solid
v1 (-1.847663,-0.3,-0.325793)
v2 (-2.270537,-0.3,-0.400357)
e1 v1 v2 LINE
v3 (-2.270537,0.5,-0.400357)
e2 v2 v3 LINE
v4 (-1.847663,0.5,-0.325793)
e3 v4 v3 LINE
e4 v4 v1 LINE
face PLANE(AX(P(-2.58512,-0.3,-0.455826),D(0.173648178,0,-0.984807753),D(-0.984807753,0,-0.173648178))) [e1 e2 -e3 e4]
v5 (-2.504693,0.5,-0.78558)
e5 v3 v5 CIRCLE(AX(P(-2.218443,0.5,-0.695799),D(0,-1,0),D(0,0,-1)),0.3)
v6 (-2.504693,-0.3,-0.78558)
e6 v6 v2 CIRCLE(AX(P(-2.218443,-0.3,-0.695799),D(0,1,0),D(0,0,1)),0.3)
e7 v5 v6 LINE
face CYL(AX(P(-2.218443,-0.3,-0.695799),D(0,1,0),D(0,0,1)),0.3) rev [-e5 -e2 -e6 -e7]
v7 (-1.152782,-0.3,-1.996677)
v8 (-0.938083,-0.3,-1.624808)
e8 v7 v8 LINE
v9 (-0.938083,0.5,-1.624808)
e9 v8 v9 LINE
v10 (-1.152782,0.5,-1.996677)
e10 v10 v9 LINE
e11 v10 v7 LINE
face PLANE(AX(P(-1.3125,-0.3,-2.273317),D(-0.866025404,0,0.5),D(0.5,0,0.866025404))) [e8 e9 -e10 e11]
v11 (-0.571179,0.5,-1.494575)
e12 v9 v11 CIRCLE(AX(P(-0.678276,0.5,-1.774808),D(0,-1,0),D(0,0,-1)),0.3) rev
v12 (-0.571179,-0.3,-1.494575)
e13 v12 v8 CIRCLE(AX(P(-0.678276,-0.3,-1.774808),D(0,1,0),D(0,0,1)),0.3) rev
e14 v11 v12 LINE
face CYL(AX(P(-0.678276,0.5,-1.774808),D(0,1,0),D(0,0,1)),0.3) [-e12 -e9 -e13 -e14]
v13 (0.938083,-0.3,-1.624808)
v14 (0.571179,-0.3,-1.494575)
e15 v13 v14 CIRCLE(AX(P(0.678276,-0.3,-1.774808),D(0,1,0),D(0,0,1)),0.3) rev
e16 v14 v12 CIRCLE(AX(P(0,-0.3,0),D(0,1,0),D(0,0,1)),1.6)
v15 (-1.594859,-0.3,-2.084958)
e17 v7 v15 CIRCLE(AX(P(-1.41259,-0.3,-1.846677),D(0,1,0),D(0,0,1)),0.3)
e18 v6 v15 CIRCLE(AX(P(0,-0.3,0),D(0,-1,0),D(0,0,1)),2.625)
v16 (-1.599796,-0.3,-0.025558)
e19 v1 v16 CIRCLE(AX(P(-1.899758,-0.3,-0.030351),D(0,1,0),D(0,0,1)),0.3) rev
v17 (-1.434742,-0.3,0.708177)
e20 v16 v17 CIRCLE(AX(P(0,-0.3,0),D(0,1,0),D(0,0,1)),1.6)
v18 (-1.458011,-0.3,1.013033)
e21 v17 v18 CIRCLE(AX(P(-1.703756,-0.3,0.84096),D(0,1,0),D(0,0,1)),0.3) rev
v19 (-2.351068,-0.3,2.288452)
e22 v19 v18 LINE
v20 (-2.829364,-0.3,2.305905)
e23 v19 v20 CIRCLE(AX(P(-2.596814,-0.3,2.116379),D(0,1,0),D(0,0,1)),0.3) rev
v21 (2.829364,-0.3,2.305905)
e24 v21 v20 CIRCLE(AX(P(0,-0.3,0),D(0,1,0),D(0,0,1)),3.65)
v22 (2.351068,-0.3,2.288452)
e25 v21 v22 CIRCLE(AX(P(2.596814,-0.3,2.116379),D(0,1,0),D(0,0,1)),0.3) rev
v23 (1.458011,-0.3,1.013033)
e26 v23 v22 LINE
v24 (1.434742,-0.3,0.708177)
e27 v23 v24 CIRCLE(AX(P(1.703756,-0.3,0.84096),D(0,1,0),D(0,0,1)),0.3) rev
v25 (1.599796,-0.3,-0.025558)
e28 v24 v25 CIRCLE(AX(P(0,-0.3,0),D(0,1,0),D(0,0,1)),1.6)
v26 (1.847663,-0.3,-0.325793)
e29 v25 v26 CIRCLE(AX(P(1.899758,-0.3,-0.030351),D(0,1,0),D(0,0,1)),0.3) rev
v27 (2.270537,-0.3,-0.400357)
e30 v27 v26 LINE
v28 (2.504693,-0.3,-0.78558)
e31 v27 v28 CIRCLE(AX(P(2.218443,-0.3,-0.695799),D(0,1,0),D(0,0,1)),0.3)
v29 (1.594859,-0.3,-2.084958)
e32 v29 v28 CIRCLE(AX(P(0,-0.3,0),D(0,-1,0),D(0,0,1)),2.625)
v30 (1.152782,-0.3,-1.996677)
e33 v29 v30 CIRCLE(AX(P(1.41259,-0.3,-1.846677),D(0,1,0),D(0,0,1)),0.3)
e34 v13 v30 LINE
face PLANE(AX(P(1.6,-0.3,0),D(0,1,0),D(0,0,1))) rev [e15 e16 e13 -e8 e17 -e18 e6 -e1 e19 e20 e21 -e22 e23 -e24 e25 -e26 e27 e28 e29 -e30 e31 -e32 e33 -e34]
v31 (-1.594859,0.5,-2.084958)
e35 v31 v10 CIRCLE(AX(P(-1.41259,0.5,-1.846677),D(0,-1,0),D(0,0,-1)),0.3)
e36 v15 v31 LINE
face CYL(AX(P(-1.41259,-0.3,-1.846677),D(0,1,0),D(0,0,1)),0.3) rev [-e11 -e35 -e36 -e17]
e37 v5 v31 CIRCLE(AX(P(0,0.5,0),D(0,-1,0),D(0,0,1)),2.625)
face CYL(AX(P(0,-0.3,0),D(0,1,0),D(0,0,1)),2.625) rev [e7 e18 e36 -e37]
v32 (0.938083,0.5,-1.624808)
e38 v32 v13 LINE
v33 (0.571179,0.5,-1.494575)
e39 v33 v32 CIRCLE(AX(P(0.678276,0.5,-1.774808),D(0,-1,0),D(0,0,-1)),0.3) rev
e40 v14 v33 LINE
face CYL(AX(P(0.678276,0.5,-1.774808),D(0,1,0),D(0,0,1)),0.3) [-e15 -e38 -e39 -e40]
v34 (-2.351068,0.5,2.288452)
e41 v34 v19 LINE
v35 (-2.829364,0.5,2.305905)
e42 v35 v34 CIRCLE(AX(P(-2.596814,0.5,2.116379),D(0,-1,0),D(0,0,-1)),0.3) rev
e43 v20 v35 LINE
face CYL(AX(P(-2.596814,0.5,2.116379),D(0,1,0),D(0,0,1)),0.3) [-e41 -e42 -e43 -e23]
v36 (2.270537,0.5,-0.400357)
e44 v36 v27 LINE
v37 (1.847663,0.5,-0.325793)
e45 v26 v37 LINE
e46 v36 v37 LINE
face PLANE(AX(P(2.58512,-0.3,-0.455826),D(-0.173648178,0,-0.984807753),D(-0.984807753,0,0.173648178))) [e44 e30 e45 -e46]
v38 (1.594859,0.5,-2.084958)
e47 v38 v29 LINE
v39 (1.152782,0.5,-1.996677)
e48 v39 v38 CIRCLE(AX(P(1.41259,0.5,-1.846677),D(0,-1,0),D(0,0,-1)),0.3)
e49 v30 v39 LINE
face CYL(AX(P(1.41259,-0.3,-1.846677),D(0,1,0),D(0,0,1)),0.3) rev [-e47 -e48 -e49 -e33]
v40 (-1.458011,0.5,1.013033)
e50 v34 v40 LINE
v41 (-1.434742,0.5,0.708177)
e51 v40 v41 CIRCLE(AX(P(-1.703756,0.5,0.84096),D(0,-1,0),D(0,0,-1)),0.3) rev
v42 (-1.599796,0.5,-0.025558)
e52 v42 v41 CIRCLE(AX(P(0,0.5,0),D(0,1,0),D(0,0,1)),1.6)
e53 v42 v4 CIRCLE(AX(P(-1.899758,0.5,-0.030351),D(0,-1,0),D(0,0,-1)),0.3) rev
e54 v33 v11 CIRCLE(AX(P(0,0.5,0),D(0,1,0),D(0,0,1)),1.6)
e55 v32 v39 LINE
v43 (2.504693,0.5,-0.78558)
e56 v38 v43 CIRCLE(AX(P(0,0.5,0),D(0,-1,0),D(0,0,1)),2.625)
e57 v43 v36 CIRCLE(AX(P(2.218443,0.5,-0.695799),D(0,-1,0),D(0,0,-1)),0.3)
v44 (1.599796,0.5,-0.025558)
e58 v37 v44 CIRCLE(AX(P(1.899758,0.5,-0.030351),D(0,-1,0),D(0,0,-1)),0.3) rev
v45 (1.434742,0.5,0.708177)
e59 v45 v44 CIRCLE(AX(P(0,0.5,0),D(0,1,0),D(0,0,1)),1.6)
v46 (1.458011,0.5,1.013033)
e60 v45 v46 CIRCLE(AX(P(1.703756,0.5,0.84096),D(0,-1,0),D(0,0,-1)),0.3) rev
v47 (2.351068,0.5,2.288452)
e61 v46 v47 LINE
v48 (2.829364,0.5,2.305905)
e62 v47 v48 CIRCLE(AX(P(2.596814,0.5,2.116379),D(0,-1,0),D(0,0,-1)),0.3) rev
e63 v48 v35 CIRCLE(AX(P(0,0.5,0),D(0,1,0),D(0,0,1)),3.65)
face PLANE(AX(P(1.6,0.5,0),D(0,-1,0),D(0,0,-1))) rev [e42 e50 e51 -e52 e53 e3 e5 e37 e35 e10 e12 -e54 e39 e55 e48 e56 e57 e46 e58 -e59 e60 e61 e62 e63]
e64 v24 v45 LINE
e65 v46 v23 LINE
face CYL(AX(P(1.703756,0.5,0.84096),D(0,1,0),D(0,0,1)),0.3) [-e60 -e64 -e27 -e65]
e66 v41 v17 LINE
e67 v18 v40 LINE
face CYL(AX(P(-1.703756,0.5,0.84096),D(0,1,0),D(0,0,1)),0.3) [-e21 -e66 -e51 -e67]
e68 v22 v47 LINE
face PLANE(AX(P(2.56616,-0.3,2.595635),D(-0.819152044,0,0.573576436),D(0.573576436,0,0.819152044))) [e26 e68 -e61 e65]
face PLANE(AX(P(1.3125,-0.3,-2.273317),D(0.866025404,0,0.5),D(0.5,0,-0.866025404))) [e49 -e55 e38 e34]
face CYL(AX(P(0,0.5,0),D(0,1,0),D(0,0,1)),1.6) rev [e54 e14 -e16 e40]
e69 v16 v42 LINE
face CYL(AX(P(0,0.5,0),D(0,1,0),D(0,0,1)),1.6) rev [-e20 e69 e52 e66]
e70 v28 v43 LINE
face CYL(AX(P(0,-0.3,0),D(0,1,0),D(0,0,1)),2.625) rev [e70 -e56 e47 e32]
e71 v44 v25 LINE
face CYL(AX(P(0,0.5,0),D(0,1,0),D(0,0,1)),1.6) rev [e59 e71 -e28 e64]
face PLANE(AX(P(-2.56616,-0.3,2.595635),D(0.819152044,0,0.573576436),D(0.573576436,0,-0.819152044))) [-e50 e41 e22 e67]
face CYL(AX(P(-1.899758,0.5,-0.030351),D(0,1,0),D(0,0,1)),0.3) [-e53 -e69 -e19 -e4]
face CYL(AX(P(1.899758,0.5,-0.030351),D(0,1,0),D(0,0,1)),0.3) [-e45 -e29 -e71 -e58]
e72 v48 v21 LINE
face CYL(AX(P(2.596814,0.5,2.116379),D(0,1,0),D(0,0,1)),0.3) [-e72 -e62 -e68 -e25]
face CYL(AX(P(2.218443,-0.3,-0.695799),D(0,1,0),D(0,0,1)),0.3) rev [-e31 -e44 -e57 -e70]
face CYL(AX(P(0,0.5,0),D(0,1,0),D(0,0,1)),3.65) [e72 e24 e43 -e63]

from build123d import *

# Parameters (mm, degrees)
SKETCH4_W                 = 2.05
SKETCH4_H                 = 0.8
SKETCH5_OUTSIDE_W         = 11.37
SKETCH5_OUTSIDE_H         = 11.37
CUT_INNER_BODY_DEPTH      = 1.5
CUT_INNER_BODY_DEPTH_BACK = 1.3
FILLET_2_R                = 0.3


with BuildPart() as part:
    # Sketch4 → Clip (revolve)
    with BuildSketch(Plane.XY):
        with Locations((2.625, 0.1)):
            Rectangle(SKETCH4_W, SKETCH4_H)
    revolve(axis=Axis((0, 0.5, 0), (0, -1, 0)))

    # Sketch5 outside → Cut-Inner-Body (cut, two sides)
    with BuildSketch(Plane(origin=(0, 0, 0), x_dir=(1, 0, 0), z_dir=(0, 1, 0))) as cut_inner_body_sk:
        Rectangle(SKETCH5_OUTSIDE_W, SKETCH5_OUTSIDE_H)
        with BuildLine():
            Line((2.566160275, -2.595635075), (1.35, -0.858778202))
            ThreePointArc((1.35, -0.858778202), (1.569360567, -0.31162062), (1.575692405, 0.277837084))
            Line((1.575692405, 0.277837084), (2.585120352, 0.455826466))
            ThreePointArc((2.585120352, 0.455826466), (2.150274116, 1.505638145), (1.3125, 2.273316685))
            Line((1.3125, 2.273316685), (0.8, 1.385640646))
            ThreePointArc((0.8, 1.385640646), (0, 1.6), (-0.8, 1.385640646))
            Line((-0.8, 1.385640646), (-1.3125, 2.273316685))
            ThreePointArc((-1.3125, 2.273316685), (-2.150274116, 1.505638145), (-2.585120352, 0.455826466))
            Line((-2.585120352, 0.455826466), (-1.575692405, 0.277837084))
            ThreePointArc((-1.575692405, 0.277837084), (-1.569360567, -0.31162062), (-1.35, -0.858778202))
            Line((-1.35, -0.858778202), (-2.566160275, -2.595635075))
            ThreePointArc((-2.566160275, -2.595635075), (0, 3.65), (2.566160275, -2.595635075))
        make_face(mode=Mode.SUBTRACT)
    extrude(amount=CUT_INNER_BODY_DEPTH, mode=Mode.SUBTRACT)
    extrude(cut_inner_body_sk.sketch, amount=-CUT_INNER_BODY_DEPTH_BACK, mode=Mode.SUBTRACT)

    # Fillet 2
    fillet_2_edges = [part.edges().sort_by_distance(p)[0] for p in [
        (2.566160275, 0.1, 2.595635075),
        (1.35, 0.1, 0.858778202),
        (1.575692405, 0.1, -0.277837084),
        (2.585120352, 0.1, -0.455826466),
        (1.3125, 0.1, -2.273316685),
        (0.8, 0.1, -1.385640646),
        (-0.8, 0.1, -1.385640646),
        (-1.3125, 0.1, -2.273316685),
        (-2.585120352, 0.1, -0.455826466),
        (-1.575692405, 0.1, -0.277837084),
        (-1.35, 0.1, 0.858778202),
        (-2.566160275, 0.1, 2.595635075),
    ]]
    fillet(fillet_2_edges, radius=FILLET_2_R)


solid = part.part
